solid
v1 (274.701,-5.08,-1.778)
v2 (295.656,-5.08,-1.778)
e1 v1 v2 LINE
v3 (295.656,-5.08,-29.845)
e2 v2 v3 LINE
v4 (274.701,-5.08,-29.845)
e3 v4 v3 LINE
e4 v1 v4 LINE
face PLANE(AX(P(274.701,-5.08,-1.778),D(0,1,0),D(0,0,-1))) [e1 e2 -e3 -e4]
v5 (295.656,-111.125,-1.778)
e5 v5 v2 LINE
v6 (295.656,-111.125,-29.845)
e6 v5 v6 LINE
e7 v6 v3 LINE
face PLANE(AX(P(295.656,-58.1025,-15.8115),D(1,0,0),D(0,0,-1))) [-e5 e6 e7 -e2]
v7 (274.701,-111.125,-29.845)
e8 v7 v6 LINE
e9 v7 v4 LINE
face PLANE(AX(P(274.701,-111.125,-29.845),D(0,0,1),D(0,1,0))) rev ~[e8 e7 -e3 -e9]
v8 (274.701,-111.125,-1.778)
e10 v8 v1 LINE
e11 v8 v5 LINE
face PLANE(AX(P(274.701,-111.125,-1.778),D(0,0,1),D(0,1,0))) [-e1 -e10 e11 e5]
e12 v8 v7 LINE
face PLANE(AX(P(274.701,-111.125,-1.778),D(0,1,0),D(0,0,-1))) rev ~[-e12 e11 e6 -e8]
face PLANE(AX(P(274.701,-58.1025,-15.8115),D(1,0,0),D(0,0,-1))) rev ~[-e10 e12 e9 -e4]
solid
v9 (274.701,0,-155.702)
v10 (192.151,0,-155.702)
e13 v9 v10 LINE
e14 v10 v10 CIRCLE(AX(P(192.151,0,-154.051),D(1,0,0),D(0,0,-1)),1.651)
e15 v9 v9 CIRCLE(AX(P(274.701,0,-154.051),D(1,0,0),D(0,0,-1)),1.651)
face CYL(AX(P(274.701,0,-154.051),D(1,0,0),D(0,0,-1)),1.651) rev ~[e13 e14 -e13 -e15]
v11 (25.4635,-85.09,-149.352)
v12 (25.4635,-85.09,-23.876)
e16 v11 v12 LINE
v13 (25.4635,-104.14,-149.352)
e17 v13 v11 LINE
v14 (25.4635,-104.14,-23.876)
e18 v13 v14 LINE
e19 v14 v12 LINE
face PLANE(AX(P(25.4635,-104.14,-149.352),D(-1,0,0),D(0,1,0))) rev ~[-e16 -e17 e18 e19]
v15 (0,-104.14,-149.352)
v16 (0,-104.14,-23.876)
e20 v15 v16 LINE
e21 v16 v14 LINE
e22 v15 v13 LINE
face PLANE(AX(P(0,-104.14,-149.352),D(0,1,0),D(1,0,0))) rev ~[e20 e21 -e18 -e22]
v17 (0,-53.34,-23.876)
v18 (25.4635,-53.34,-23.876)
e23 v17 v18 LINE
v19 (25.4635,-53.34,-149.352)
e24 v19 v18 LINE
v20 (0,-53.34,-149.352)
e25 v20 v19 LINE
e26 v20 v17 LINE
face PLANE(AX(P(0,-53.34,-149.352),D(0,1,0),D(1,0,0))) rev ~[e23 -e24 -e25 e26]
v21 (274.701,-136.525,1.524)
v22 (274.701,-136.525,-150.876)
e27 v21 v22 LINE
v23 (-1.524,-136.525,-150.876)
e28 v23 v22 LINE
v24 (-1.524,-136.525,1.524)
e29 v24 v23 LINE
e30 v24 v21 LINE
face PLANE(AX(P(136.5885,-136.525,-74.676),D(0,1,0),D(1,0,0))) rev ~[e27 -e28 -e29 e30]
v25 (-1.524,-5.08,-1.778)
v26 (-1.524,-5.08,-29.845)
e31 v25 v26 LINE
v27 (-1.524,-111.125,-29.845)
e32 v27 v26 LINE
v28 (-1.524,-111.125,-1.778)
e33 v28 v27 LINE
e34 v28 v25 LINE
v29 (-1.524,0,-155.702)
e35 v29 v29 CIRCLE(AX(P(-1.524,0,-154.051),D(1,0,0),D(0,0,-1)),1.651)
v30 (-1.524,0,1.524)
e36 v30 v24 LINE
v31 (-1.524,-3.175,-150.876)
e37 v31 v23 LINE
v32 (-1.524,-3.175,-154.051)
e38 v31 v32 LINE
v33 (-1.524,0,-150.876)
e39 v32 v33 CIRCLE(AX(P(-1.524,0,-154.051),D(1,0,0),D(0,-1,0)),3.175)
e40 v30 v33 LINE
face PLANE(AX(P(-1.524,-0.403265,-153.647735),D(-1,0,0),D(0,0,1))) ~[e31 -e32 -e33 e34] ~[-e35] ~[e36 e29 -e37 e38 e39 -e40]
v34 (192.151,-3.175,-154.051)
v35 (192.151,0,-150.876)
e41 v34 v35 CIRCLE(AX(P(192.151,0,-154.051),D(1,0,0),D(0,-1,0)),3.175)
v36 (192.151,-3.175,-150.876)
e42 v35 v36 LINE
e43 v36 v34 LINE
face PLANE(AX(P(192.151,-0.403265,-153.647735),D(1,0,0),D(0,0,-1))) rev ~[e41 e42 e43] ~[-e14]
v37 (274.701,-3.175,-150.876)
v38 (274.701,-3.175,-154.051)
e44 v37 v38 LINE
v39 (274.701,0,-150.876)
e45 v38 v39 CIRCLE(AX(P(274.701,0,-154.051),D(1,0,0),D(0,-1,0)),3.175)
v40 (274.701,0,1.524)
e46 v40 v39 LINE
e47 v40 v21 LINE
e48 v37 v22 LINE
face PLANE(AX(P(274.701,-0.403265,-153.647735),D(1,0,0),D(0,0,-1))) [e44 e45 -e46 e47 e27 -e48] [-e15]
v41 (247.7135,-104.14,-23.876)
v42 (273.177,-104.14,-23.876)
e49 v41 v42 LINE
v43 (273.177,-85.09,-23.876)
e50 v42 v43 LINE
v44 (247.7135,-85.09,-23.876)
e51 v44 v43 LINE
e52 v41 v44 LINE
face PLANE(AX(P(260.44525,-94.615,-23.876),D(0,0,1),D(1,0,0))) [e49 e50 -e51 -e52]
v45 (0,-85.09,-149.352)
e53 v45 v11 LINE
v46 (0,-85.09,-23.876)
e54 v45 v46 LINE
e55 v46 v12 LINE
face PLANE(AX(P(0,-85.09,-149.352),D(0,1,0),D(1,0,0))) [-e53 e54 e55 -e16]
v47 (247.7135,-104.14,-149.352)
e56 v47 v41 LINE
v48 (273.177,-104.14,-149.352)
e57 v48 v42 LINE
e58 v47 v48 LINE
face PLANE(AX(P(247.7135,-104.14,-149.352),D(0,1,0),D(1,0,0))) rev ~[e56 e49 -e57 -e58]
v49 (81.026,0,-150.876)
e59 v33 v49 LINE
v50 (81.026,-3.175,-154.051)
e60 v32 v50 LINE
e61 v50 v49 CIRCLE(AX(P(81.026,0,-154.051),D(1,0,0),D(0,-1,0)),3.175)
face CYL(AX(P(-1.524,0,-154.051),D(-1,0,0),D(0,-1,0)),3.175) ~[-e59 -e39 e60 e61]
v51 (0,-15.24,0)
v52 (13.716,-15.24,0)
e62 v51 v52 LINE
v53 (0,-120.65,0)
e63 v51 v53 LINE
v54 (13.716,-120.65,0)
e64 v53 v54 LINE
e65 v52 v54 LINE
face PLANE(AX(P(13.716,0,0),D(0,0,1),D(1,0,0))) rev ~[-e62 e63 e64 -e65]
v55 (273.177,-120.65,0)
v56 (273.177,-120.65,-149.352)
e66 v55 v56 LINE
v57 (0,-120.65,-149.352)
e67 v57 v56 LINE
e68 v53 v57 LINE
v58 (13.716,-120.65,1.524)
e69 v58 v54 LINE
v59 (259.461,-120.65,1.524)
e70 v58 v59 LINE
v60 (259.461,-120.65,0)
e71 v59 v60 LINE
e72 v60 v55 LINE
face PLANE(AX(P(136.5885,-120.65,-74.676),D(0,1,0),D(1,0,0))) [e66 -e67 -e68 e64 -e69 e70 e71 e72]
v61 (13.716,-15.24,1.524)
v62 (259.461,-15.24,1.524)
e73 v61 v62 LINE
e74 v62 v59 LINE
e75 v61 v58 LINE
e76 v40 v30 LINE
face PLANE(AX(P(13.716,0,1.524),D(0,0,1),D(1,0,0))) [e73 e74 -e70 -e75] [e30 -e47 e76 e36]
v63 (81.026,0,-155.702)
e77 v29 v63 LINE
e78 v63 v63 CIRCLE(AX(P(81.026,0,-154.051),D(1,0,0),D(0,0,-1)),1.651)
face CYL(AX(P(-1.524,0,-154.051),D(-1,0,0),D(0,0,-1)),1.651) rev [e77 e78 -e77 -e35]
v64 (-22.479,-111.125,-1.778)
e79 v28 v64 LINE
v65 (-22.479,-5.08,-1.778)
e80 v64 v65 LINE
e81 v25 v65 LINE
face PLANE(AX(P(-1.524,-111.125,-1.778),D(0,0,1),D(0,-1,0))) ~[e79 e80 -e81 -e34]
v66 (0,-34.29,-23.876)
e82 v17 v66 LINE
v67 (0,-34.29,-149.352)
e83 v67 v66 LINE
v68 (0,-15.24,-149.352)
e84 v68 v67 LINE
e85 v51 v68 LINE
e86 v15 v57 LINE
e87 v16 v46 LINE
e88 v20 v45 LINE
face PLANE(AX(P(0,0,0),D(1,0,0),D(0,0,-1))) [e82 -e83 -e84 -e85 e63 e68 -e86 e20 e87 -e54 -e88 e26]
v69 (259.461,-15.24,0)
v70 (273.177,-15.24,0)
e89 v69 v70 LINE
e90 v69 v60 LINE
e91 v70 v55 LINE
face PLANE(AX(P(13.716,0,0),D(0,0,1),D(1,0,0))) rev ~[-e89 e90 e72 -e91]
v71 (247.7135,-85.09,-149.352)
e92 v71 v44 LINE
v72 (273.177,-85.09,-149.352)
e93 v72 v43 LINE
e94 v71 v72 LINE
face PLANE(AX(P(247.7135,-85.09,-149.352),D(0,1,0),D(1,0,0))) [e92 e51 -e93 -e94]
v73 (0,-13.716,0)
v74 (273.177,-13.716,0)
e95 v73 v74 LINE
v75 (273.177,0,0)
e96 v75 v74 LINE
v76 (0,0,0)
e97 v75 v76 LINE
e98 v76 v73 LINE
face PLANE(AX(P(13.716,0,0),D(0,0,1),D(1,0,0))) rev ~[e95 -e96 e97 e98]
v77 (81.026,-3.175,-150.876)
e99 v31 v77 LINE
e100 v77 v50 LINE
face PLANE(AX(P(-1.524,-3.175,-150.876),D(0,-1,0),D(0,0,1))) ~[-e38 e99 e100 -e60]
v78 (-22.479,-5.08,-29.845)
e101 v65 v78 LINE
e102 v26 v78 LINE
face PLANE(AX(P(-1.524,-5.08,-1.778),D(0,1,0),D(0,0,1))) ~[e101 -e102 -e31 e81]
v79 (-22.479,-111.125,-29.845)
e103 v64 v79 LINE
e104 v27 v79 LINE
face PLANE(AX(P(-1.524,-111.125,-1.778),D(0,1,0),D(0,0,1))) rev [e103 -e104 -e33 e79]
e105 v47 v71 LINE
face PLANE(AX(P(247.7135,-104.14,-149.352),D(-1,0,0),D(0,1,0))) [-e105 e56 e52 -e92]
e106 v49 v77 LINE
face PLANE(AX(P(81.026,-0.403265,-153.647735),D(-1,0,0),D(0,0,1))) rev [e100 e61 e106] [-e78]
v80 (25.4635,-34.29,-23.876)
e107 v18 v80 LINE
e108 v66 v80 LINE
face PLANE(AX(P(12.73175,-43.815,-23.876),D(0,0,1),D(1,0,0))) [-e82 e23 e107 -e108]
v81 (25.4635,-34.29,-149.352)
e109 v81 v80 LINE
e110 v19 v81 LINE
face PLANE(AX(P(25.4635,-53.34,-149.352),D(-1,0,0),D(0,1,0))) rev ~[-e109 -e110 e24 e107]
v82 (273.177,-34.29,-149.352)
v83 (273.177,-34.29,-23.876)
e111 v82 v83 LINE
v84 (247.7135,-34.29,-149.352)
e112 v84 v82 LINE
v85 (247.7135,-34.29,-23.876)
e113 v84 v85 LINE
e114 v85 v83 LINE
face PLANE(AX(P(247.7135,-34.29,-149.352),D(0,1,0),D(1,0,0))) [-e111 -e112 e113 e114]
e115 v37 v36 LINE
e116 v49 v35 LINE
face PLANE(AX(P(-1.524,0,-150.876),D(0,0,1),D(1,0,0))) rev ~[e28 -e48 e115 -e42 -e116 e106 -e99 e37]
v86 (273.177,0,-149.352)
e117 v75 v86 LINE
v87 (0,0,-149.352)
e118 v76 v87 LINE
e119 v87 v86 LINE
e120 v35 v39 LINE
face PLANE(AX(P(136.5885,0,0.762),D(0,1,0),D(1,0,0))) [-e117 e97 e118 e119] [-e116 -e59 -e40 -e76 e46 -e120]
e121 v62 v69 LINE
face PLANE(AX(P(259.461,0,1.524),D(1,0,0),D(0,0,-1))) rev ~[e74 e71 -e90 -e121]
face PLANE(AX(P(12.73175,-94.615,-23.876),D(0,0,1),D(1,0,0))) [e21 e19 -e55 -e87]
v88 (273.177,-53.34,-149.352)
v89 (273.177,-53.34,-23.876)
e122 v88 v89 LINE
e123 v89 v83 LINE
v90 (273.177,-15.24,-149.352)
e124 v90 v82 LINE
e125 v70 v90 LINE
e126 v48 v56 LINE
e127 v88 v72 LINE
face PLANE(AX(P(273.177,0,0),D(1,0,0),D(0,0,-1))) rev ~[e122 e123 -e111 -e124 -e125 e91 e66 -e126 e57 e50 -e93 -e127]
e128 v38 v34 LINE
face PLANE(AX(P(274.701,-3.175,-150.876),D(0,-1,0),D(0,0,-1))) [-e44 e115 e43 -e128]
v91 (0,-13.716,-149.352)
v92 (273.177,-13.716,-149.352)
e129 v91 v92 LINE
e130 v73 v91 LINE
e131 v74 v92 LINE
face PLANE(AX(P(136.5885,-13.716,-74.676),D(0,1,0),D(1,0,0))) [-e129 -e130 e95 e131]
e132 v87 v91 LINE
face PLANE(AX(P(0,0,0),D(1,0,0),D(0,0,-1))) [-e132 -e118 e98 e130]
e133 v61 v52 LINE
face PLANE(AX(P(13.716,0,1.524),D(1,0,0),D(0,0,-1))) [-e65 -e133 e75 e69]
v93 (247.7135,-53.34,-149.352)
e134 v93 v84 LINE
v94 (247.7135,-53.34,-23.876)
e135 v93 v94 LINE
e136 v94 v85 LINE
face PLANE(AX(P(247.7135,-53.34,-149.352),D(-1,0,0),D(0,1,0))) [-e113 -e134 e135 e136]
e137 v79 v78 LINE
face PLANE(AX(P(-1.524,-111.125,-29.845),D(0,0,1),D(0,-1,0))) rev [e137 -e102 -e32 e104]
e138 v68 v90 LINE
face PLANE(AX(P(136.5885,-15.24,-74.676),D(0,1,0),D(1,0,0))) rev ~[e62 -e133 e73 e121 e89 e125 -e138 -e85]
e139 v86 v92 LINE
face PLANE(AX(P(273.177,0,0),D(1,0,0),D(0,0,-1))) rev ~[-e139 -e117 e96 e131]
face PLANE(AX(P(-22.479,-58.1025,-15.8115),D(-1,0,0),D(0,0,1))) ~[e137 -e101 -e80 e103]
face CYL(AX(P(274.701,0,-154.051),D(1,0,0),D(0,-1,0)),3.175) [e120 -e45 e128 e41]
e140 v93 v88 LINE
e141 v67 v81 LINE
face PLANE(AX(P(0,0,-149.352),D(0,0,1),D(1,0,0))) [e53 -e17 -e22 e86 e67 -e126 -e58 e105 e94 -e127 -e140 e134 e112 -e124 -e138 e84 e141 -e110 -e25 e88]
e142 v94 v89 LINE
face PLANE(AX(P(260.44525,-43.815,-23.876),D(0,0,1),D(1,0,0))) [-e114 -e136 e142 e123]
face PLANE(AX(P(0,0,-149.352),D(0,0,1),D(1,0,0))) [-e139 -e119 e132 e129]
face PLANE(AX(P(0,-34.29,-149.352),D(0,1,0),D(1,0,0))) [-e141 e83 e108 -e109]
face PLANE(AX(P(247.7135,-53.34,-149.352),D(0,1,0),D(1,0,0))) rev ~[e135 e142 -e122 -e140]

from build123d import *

# Parameters (mm, degrees)
SKETCH1_W                           = 276.225
SKETCH1_H                           = 152.4
BULK_EXTRUDE_DEPTH                  = 136.525
SKETCH1_13_W                        = 273.177
SKETCH1_13_H                        = 149.352
SKETCH1_13_W_2                      = 245.745
SKETCH1_13_H_2                      = 1.524
INNER_SHELL_CUT_DEPTH               = 120.65
SKETCH1_14_W                        = 245.745
SKETCH1_14_H                        = 1.524
TOP_WALL_EXTRUDE_DEPTH              = 15.24
TOP_START                           = -15.24
SKETCH1_15_W                        = 273.177
SKETCH1_15_H                        = 149.352
TOP_FLOOR_EXTRUDE_DEPTH             = 1.524
SKETCH5_R                           = 1.651
HINGE_EXTRUDE_DEPTH                 = 82.55
SKETCH7_W                           = 25.4635
SKETCH7_H                           = 19.05
RAILS_EXTRUDE_DEPTH                 = 125.476
SKETCH9_W                           = 28.067
SKETCH9_H                           = 106.045
LATCH_CLEAR_BOX_RIGHT_EXTRUDE_DEPTH = 20.955


with BuildPart() as part:
    # Sketch1 → Bulk-Extrude (new body)
    with BuildSketch(Plane(origin=(0, 0, 0), x_dir=(1, 0, 0), z_dir=(0, 1, 0))):
        with Locations((136.5885, 74.676)):
            Rectangle(SKETCH1_W, SKETCH1_H)
    extrude(amount=-BULK_EXTRUDE_DEPTH)

    # Sketch1<13> → Inner Shell-Cut (cut)
    with BuildSketch(Plane(origin=(0, 0, 0), x_dir=(1, 0, 0), z_dir=(0, 1, 0))):
        with Locations((136.5885, 74.676)):
            Rectangle(SKETCH1_13_W, SKETCH1_13_H)
        with Locations((136.5885, -0.762)):
            Rectangle(SKETCH1_13_W_2, SKETCH1_13_H_2)
    extrude(amount=-INNER_SHELL_CUT_DEPTH, mode=Mode.SUBTRACT)

    # Sketch1<14> → Top Wall-Extrude (add)
    with BuildSketch(Plane(origin=(0, 0, 0), x_dir=(1, 0, 0), z_dir=(0, 1, 0))):
        with Locations((136.5885, -0.762)):
            Rectangle(SKETCH1_14_W, SKETCH1_14_H)
    extrude(amount=-TOP_WALL_EXTRUDE_DEPTH)

    # Sketch1<15> → Top Floor-Extrude (add)
    with BuildSketch(Plane(origin=(0, 0, 0), x_dir=(1, 0, 0), z_dir=(0, 1, 0)).offset(TOP_START)):
        with Locations((136.5885, 74.676)):
            Rectangle(SKETCH1_15_W, SKETCH1_15_H)
    extrude(amount=TOP_FLOOR_EXTRUDE_DEPTH)

    # Sketch5 → Hinge-Extrude (add)
    with BuildSketch(Plane(origin=(274.701, 0, 0), x_dir=(0, 0, -1), z_dir=(1, 0, 0))):
        with BuildLine():
            Line((150.876, 0), (150.876, -3.175))
            Line((150.876, -3.175), (154.051, -3.175))
            ThreePointArc((154.051, -3.175), (156.29606403, 2.24506403), (150.876, 0))
        make_face()
        with Locations((154.051, 0)):
            Circle(SKETCH5_R, mode=Mode.SUBTRACT)
    hinge_extrude = extrude(amount=-HINGE_EXTRUDE_DEPTH)

    # Mirror1: Hinge-Extrude across plane
    add(hinge_extrude.mirror(Plane(origin=(136.5885, 0, 0), x_dir=(0, 0, 1), z_dir=(1, 0, 0))))

    # Sketch7 → Rails-Extrude (add)
    with BuildSketch(Plane.XY.offset(-149.352)):
        with Locations((12.73175, -43.815)):
            Rectangle(SKETCH7_W, SKETCH7_H)
        with Locations((260.44525, -43.815)):
            Rectangle(SKETCH7_W, SKETCH7_H)
        with Locations((12.73175, -94.615)):
            Rectangle(SKETCH7_W, SKETCH7_H)
        with Locations((260.44525, -94.615)):
            Rectangle(SKETCH7_W, SKETCH7_H)
    extrude(amount=RAILS_EXTRUDE_DEPTH)


with BuildPart() as body_2:
    # Sketch9 → Latch Clear. Box, Right-Extrude (new body)
    with BuildSketch(Plane(origin=(274.701, 0, 0), x_dir=(0, 0, -1), z_dir=(1, 0, 0))):
        with Locations((15.8115, -58.1025)):
            Rectangle(SKETCH9_W, SKETCH9_H)
    latch_clear_box_right_extrude = extrude(amount=LATCH_CLEAR_BOX_RIGHT_EXTRUDE_DEPTH)


with BuildPart() as part_1:
    add(part.part)

    # Latch Clear. Box, Left-Mirror: Latch Clear. Box, Right-Extrude across plane
    add(latch_clear_box_right_extrude.mirror(Plane(origin=(136.5885, 0, 0), x_dir=(0, 0, 1), z_dir=(1, 0, 0))))


solid = Compound([body_2.part, part_1.part])
